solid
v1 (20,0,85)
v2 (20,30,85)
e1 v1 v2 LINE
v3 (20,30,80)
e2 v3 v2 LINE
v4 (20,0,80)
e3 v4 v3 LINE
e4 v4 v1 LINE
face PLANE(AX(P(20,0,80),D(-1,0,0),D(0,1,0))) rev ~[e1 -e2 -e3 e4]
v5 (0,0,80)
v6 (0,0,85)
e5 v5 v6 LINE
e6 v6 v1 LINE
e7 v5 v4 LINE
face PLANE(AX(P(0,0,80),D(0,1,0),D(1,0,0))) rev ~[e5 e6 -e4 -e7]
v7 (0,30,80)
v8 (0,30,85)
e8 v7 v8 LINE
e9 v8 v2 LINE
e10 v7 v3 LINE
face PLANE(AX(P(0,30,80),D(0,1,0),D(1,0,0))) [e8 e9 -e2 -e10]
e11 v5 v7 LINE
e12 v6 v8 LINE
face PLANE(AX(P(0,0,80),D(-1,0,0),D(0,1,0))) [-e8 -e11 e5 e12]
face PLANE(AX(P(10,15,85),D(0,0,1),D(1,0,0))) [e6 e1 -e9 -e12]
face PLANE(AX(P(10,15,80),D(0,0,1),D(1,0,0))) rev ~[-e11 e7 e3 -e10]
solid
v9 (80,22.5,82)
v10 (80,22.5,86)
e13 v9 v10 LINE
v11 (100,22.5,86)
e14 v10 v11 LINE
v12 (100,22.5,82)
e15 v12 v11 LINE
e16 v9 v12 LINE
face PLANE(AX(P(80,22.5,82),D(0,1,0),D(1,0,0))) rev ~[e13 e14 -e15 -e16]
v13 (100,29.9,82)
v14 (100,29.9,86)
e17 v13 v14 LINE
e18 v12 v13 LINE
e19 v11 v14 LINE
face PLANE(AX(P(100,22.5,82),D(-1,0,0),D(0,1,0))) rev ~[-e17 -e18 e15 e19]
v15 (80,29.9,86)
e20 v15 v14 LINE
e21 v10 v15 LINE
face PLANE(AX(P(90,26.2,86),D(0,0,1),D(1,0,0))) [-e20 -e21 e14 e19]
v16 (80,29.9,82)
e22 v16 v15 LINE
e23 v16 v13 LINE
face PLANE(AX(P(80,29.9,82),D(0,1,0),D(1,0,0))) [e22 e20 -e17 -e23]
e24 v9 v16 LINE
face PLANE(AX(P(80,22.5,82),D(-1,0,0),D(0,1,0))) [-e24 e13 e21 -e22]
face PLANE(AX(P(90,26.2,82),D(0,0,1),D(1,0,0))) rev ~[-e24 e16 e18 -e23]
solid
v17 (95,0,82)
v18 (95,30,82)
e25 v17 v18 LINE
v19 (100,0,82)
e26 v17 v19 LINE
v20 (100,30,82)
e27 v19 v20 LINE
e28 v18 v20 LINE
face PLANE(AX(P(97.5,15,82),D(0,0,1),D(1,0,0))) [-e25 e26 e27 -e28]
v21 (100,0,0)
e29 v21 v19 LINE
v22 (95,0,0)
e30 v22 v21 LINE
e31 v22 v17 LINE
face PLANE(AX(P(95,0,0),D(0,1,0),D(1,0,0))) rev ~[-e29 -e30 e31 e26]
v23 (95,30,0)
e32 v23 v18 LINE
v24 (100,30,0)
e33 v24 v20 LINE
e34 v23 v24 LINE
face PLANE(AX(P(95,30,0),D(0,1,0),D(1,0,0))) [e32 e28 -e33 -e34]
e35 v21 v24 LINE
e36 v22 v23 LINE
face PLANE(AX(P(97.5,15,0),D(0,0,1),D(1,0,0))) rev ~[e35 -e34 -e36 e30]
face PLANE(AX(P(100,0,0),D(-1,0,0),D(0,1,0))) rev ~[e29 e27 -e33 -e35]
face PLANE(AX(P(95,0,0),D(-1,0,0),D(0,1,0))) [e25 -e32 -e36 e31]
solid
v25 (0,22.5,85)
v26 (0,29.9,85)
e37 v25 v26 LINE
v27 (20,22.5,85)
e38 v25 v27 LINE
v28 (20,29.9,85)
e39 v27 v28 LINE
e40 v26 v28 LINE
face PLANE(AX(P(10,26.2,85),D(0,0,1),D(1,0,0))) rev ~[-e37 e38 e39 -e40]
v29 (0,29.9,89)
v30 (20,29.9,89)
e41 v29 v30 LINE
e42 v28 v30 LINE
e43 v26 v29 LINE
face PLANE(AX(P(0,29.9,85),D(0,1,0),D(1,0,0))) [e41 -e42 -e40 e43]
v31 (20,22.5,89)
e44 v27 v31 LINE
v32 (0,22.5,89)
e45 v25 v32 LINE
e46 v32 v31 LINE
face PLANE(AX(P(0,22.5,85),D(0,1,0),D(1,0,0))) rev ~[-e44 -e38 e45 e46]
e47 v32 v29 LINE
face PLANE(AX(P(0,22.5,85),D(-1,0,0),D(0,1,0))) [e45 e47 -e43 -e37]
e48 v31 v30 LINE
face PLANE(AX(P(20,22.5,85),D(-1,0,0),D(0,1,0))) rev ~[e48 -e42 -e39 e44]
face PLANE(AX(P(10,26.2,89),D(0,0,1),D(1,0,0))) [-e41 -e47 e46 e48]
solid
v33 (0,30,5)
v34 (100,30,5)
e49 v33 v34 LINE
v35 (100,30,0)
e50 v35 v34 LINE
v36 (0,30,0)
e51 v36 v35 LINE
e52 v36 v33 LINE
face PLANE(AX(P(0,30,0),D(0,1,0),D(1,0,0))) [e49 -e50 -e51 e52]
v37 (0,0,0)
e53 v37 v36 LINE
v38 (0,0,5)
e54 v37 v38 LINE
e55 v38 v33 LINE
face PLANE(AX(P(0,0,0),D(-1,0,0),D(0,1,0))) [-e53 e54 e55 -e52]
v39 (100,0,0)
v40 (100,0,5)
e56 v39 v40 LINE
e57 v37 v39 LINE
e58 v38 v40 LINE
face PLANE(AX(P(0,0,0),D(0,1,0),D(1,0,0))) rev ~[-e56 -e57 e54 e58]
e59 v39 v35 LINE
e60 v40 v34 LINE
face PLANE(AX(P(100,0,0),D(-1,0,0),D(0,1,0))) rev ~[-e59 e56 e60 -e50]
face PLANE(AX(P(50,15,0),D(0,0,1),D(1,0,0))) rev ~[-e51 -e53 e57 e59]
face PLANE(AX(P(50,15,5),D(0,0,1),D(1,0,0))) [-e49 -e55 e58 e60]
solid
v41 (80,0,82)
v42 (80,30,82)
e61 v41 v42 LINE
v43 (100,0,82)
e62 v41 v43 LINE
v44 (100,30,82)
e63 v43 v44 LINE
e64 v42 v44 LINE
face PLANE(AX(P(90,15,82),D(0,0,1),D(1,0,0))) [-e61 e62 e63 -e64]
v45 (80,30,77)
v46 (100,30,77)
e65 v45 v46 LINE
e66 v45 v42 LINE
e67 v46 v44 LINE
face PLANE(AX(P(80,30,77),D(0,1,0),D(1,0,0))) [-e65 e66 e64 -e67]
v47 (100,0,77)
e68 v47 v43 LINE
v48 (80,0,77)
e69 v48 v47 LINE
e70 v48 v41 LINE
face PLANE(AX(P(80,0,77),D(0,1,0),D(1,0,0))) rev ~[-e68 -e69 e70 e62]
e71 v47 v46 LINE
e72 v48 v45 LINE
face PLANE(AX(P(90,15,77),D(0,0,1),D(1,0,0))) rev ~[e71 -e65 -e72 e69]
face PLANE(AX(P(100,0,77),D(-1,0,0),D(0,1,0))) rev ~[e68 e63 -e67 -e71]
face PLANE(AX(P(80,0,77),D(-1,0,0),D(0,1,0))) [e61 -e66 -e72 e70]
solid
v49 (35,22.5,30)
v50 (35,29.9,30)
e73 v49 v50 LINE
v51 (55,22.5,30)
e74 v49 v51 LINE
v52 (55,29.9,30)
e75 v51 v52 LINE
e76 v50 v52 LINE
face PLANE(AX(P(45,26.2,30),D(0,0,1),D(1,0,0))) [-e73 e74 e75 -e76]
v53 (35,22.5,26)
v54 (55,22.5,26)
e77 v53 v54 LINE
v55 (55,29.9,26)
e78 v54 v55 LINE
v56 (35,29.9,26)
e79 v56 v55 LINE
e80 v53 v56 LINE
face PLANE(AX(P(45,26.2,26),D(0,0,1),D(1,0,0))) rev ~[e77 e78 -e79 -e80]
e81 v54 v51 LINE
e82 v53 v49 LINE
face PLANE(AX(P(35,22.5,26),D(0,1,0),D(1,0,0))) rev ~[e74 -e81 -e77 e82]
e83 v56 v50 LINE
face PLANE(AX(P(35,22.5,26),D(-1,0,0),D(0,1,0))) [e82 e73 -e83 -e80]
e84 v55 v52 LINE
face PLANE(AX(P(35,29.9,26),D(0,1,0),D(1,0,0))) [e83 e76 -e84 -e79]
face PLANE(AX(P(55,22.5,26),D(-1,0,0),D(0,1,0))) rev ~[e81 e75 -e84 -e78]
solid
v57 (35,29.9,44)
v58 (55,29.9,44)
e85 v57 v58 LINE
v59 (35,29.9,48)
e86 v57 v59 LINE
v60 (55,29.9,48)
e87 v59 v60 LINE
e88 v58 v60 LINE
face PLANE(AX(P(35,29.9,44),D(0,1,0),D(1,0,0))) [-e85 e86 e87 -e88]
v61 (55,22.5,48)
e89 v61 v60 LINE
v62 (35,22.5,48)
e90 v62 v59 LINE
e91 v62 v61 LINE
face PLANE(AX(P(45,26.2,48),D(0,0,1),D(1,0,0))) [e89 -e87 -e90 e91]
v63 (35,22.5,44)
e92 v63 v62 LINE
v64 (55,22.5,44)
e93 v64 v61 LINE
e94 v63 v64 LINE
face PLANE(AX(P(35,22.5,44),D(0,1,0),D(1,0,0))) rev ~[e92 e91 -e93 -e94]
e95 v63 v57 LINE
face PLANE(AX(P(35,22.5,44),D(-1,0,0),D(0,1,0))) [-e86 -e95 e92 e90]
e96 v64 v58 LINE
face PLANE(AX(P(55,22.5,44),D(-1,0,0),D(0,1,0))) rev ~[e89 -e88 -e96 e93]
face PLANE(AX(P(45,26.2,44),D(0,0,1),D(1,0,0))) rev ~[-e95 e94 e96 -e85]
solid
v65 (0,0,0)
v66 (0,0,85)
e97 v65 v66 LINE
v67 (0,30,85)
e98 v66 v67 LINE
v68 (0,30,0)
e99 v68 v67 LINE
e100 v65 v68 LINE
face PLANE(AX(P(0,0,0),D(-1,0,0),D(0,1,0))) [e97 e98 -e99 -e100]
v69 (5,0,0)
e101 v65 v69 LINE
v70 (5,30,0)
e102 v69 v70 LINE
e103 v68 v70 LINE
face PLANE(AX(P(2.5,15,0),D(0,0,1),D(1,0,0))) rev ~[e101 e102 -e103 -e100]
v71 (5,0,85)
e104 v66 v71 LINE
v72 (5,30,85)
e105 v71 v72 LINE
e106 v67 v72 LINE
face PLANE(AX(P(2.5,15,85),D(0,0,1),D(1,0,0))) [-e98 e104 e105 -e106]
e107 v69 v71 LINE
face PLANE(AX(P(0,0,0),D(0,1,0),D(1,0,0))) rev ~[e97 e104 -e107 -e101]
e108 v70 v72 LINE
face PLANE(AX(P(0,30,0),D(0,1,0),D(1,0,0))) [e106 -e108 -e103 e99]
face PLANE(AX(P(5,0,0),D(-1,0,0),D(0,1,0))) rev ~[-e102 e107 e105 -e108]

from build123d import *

# Parameters (mm, degrees)
BOX_W        = 100
BOX_H        = 30
BOX_DEPTH    = 5
BOX001_W     = 5
BOX001_H     = 30
BOX001_DEPTH = 85
BOX002_W     = 5
BOX002_H     = 30
BOX002_DEPTH = 82
BOX003_W     = 20
BOX003_H     = 30
BOX003_DEPTH = 5
BOX004_W     = 20
BOX004_H     = 30
BOX004_DEPTH = 5
BOX006_W     = 20
BOX006_H     = 7.4
BOX006_DEPTH = 4
BOX008_W     = 20
BOX008_H     = 7.4
BOX008_DEPTH = 4
BOX009_W     = 20
BOX009_H     = 7.4
BOX009_DEPTH = 4
BOX010_W     = 20
BOX010_H     = 7.4
BOX010_DEPTH = 4


with BuildPart() as base:
    # Box → Box (new body)
    with BuildSketch(Plane.XY):
        with Locations((50, 15)):
            Rectangle(BOX_W, BOX_H)
    extrude(amount=BOX_DEPTH)


with BuildPart() as side_reciever:
    # Box001 → Box001 (new body)
    with BuildSketch(Plane.XY):
        with Locations((2.5, 15)):
            Rectangle(BOX001_W, BOX001_H)
    extrude(amount=BOX001_DEPTH)


with BuildPart() as side_laser:
    # Box002 → Box002 (new body)
    with BuildSketch(Plane(origin=(95, 0, 0), x_dir=(1, 0, 0), z_dir=(0, 0, 1))):
        with Locations((2.5, 15)):
            Rectangle(BOX002_W, BOX002_H)
    extrude(amount=BOX002_DEPTH)


with BuildPart() as platform_laser:
    # Box003 → Box003 (new body)
    with BuildSketch(Plane(origin=(80, 0, 77), x_dir=(1, 0, 0), z_dir=(0, 0, 1))):
        with Locations((10, 15)):
            Rectangle(BOX003_W, BOX003_H)
    extrude(amount=BOX003_DEPTH)


with BuildPart() as platform_reciever:
    # Box004 → Box004 (new body)
    with BuildSketch(Plane.XY.offset(80)):
        with Locations((10, 15)):
            Rectangle(BOX004_W, BOX004_H)
    extrude(amount=BOX004_DEPTH)


with BuildPart() as box006:
    # Box006 → Box006 (new body)
    with BuildSketch(Plane(origin=(0, 22.5, 85), x_dir=(1, 0, 0), z_dir=(0, 0, 1))):
        with Locations((10, 3.7)):
            Rectangle(BOX006_W, BOX006_H)
    extrude(amount=BOX006_DEPTH)


with BuildPart() as box008:
    # Box008 → Box008 (new body)
    with BuildSketch(Plane(origin=(80, 22.5, 82), x_dir=(1, 0, 0), z_dir=(0, 0, 1))):
        with Locations((10, 3.7)):
            Rectangle(BOX008_W, BOX008_H)
    extrude(amount=BOX008_DEPTH)


with BuildPart() as box009:
    # Box009 → Box009 (new body)
    with BuildSketch(Plane(origin=(35, 22.5, 26), x_dir=(1, 0, 0), z_dir=(0, 0, 1))):
        with Locations((10, 3.7)):
            Rectangle(BOX009_W, BOX009_H)
    extrude(amount=BOX009_DEPTH)


with BuildPart() as box010:
    # Box010 → Box010 (new body)
    with BuildSketch(Plane(origin=(35, 22.5, 44), x_dir=(1, 0, 0), z_dir=(0, 0, 1))):
        with Locations((10, 3.7)):
            Rectangle(BOX010_W, BOX010_H)
    extrude(amount=BOX010_DEPTH)


solid = Compound([base.part, side_reciever.part, side_laser.part, platform_laser.part, platform_reciever.part, box006.part, box008.part, box009.part, box010.part])
